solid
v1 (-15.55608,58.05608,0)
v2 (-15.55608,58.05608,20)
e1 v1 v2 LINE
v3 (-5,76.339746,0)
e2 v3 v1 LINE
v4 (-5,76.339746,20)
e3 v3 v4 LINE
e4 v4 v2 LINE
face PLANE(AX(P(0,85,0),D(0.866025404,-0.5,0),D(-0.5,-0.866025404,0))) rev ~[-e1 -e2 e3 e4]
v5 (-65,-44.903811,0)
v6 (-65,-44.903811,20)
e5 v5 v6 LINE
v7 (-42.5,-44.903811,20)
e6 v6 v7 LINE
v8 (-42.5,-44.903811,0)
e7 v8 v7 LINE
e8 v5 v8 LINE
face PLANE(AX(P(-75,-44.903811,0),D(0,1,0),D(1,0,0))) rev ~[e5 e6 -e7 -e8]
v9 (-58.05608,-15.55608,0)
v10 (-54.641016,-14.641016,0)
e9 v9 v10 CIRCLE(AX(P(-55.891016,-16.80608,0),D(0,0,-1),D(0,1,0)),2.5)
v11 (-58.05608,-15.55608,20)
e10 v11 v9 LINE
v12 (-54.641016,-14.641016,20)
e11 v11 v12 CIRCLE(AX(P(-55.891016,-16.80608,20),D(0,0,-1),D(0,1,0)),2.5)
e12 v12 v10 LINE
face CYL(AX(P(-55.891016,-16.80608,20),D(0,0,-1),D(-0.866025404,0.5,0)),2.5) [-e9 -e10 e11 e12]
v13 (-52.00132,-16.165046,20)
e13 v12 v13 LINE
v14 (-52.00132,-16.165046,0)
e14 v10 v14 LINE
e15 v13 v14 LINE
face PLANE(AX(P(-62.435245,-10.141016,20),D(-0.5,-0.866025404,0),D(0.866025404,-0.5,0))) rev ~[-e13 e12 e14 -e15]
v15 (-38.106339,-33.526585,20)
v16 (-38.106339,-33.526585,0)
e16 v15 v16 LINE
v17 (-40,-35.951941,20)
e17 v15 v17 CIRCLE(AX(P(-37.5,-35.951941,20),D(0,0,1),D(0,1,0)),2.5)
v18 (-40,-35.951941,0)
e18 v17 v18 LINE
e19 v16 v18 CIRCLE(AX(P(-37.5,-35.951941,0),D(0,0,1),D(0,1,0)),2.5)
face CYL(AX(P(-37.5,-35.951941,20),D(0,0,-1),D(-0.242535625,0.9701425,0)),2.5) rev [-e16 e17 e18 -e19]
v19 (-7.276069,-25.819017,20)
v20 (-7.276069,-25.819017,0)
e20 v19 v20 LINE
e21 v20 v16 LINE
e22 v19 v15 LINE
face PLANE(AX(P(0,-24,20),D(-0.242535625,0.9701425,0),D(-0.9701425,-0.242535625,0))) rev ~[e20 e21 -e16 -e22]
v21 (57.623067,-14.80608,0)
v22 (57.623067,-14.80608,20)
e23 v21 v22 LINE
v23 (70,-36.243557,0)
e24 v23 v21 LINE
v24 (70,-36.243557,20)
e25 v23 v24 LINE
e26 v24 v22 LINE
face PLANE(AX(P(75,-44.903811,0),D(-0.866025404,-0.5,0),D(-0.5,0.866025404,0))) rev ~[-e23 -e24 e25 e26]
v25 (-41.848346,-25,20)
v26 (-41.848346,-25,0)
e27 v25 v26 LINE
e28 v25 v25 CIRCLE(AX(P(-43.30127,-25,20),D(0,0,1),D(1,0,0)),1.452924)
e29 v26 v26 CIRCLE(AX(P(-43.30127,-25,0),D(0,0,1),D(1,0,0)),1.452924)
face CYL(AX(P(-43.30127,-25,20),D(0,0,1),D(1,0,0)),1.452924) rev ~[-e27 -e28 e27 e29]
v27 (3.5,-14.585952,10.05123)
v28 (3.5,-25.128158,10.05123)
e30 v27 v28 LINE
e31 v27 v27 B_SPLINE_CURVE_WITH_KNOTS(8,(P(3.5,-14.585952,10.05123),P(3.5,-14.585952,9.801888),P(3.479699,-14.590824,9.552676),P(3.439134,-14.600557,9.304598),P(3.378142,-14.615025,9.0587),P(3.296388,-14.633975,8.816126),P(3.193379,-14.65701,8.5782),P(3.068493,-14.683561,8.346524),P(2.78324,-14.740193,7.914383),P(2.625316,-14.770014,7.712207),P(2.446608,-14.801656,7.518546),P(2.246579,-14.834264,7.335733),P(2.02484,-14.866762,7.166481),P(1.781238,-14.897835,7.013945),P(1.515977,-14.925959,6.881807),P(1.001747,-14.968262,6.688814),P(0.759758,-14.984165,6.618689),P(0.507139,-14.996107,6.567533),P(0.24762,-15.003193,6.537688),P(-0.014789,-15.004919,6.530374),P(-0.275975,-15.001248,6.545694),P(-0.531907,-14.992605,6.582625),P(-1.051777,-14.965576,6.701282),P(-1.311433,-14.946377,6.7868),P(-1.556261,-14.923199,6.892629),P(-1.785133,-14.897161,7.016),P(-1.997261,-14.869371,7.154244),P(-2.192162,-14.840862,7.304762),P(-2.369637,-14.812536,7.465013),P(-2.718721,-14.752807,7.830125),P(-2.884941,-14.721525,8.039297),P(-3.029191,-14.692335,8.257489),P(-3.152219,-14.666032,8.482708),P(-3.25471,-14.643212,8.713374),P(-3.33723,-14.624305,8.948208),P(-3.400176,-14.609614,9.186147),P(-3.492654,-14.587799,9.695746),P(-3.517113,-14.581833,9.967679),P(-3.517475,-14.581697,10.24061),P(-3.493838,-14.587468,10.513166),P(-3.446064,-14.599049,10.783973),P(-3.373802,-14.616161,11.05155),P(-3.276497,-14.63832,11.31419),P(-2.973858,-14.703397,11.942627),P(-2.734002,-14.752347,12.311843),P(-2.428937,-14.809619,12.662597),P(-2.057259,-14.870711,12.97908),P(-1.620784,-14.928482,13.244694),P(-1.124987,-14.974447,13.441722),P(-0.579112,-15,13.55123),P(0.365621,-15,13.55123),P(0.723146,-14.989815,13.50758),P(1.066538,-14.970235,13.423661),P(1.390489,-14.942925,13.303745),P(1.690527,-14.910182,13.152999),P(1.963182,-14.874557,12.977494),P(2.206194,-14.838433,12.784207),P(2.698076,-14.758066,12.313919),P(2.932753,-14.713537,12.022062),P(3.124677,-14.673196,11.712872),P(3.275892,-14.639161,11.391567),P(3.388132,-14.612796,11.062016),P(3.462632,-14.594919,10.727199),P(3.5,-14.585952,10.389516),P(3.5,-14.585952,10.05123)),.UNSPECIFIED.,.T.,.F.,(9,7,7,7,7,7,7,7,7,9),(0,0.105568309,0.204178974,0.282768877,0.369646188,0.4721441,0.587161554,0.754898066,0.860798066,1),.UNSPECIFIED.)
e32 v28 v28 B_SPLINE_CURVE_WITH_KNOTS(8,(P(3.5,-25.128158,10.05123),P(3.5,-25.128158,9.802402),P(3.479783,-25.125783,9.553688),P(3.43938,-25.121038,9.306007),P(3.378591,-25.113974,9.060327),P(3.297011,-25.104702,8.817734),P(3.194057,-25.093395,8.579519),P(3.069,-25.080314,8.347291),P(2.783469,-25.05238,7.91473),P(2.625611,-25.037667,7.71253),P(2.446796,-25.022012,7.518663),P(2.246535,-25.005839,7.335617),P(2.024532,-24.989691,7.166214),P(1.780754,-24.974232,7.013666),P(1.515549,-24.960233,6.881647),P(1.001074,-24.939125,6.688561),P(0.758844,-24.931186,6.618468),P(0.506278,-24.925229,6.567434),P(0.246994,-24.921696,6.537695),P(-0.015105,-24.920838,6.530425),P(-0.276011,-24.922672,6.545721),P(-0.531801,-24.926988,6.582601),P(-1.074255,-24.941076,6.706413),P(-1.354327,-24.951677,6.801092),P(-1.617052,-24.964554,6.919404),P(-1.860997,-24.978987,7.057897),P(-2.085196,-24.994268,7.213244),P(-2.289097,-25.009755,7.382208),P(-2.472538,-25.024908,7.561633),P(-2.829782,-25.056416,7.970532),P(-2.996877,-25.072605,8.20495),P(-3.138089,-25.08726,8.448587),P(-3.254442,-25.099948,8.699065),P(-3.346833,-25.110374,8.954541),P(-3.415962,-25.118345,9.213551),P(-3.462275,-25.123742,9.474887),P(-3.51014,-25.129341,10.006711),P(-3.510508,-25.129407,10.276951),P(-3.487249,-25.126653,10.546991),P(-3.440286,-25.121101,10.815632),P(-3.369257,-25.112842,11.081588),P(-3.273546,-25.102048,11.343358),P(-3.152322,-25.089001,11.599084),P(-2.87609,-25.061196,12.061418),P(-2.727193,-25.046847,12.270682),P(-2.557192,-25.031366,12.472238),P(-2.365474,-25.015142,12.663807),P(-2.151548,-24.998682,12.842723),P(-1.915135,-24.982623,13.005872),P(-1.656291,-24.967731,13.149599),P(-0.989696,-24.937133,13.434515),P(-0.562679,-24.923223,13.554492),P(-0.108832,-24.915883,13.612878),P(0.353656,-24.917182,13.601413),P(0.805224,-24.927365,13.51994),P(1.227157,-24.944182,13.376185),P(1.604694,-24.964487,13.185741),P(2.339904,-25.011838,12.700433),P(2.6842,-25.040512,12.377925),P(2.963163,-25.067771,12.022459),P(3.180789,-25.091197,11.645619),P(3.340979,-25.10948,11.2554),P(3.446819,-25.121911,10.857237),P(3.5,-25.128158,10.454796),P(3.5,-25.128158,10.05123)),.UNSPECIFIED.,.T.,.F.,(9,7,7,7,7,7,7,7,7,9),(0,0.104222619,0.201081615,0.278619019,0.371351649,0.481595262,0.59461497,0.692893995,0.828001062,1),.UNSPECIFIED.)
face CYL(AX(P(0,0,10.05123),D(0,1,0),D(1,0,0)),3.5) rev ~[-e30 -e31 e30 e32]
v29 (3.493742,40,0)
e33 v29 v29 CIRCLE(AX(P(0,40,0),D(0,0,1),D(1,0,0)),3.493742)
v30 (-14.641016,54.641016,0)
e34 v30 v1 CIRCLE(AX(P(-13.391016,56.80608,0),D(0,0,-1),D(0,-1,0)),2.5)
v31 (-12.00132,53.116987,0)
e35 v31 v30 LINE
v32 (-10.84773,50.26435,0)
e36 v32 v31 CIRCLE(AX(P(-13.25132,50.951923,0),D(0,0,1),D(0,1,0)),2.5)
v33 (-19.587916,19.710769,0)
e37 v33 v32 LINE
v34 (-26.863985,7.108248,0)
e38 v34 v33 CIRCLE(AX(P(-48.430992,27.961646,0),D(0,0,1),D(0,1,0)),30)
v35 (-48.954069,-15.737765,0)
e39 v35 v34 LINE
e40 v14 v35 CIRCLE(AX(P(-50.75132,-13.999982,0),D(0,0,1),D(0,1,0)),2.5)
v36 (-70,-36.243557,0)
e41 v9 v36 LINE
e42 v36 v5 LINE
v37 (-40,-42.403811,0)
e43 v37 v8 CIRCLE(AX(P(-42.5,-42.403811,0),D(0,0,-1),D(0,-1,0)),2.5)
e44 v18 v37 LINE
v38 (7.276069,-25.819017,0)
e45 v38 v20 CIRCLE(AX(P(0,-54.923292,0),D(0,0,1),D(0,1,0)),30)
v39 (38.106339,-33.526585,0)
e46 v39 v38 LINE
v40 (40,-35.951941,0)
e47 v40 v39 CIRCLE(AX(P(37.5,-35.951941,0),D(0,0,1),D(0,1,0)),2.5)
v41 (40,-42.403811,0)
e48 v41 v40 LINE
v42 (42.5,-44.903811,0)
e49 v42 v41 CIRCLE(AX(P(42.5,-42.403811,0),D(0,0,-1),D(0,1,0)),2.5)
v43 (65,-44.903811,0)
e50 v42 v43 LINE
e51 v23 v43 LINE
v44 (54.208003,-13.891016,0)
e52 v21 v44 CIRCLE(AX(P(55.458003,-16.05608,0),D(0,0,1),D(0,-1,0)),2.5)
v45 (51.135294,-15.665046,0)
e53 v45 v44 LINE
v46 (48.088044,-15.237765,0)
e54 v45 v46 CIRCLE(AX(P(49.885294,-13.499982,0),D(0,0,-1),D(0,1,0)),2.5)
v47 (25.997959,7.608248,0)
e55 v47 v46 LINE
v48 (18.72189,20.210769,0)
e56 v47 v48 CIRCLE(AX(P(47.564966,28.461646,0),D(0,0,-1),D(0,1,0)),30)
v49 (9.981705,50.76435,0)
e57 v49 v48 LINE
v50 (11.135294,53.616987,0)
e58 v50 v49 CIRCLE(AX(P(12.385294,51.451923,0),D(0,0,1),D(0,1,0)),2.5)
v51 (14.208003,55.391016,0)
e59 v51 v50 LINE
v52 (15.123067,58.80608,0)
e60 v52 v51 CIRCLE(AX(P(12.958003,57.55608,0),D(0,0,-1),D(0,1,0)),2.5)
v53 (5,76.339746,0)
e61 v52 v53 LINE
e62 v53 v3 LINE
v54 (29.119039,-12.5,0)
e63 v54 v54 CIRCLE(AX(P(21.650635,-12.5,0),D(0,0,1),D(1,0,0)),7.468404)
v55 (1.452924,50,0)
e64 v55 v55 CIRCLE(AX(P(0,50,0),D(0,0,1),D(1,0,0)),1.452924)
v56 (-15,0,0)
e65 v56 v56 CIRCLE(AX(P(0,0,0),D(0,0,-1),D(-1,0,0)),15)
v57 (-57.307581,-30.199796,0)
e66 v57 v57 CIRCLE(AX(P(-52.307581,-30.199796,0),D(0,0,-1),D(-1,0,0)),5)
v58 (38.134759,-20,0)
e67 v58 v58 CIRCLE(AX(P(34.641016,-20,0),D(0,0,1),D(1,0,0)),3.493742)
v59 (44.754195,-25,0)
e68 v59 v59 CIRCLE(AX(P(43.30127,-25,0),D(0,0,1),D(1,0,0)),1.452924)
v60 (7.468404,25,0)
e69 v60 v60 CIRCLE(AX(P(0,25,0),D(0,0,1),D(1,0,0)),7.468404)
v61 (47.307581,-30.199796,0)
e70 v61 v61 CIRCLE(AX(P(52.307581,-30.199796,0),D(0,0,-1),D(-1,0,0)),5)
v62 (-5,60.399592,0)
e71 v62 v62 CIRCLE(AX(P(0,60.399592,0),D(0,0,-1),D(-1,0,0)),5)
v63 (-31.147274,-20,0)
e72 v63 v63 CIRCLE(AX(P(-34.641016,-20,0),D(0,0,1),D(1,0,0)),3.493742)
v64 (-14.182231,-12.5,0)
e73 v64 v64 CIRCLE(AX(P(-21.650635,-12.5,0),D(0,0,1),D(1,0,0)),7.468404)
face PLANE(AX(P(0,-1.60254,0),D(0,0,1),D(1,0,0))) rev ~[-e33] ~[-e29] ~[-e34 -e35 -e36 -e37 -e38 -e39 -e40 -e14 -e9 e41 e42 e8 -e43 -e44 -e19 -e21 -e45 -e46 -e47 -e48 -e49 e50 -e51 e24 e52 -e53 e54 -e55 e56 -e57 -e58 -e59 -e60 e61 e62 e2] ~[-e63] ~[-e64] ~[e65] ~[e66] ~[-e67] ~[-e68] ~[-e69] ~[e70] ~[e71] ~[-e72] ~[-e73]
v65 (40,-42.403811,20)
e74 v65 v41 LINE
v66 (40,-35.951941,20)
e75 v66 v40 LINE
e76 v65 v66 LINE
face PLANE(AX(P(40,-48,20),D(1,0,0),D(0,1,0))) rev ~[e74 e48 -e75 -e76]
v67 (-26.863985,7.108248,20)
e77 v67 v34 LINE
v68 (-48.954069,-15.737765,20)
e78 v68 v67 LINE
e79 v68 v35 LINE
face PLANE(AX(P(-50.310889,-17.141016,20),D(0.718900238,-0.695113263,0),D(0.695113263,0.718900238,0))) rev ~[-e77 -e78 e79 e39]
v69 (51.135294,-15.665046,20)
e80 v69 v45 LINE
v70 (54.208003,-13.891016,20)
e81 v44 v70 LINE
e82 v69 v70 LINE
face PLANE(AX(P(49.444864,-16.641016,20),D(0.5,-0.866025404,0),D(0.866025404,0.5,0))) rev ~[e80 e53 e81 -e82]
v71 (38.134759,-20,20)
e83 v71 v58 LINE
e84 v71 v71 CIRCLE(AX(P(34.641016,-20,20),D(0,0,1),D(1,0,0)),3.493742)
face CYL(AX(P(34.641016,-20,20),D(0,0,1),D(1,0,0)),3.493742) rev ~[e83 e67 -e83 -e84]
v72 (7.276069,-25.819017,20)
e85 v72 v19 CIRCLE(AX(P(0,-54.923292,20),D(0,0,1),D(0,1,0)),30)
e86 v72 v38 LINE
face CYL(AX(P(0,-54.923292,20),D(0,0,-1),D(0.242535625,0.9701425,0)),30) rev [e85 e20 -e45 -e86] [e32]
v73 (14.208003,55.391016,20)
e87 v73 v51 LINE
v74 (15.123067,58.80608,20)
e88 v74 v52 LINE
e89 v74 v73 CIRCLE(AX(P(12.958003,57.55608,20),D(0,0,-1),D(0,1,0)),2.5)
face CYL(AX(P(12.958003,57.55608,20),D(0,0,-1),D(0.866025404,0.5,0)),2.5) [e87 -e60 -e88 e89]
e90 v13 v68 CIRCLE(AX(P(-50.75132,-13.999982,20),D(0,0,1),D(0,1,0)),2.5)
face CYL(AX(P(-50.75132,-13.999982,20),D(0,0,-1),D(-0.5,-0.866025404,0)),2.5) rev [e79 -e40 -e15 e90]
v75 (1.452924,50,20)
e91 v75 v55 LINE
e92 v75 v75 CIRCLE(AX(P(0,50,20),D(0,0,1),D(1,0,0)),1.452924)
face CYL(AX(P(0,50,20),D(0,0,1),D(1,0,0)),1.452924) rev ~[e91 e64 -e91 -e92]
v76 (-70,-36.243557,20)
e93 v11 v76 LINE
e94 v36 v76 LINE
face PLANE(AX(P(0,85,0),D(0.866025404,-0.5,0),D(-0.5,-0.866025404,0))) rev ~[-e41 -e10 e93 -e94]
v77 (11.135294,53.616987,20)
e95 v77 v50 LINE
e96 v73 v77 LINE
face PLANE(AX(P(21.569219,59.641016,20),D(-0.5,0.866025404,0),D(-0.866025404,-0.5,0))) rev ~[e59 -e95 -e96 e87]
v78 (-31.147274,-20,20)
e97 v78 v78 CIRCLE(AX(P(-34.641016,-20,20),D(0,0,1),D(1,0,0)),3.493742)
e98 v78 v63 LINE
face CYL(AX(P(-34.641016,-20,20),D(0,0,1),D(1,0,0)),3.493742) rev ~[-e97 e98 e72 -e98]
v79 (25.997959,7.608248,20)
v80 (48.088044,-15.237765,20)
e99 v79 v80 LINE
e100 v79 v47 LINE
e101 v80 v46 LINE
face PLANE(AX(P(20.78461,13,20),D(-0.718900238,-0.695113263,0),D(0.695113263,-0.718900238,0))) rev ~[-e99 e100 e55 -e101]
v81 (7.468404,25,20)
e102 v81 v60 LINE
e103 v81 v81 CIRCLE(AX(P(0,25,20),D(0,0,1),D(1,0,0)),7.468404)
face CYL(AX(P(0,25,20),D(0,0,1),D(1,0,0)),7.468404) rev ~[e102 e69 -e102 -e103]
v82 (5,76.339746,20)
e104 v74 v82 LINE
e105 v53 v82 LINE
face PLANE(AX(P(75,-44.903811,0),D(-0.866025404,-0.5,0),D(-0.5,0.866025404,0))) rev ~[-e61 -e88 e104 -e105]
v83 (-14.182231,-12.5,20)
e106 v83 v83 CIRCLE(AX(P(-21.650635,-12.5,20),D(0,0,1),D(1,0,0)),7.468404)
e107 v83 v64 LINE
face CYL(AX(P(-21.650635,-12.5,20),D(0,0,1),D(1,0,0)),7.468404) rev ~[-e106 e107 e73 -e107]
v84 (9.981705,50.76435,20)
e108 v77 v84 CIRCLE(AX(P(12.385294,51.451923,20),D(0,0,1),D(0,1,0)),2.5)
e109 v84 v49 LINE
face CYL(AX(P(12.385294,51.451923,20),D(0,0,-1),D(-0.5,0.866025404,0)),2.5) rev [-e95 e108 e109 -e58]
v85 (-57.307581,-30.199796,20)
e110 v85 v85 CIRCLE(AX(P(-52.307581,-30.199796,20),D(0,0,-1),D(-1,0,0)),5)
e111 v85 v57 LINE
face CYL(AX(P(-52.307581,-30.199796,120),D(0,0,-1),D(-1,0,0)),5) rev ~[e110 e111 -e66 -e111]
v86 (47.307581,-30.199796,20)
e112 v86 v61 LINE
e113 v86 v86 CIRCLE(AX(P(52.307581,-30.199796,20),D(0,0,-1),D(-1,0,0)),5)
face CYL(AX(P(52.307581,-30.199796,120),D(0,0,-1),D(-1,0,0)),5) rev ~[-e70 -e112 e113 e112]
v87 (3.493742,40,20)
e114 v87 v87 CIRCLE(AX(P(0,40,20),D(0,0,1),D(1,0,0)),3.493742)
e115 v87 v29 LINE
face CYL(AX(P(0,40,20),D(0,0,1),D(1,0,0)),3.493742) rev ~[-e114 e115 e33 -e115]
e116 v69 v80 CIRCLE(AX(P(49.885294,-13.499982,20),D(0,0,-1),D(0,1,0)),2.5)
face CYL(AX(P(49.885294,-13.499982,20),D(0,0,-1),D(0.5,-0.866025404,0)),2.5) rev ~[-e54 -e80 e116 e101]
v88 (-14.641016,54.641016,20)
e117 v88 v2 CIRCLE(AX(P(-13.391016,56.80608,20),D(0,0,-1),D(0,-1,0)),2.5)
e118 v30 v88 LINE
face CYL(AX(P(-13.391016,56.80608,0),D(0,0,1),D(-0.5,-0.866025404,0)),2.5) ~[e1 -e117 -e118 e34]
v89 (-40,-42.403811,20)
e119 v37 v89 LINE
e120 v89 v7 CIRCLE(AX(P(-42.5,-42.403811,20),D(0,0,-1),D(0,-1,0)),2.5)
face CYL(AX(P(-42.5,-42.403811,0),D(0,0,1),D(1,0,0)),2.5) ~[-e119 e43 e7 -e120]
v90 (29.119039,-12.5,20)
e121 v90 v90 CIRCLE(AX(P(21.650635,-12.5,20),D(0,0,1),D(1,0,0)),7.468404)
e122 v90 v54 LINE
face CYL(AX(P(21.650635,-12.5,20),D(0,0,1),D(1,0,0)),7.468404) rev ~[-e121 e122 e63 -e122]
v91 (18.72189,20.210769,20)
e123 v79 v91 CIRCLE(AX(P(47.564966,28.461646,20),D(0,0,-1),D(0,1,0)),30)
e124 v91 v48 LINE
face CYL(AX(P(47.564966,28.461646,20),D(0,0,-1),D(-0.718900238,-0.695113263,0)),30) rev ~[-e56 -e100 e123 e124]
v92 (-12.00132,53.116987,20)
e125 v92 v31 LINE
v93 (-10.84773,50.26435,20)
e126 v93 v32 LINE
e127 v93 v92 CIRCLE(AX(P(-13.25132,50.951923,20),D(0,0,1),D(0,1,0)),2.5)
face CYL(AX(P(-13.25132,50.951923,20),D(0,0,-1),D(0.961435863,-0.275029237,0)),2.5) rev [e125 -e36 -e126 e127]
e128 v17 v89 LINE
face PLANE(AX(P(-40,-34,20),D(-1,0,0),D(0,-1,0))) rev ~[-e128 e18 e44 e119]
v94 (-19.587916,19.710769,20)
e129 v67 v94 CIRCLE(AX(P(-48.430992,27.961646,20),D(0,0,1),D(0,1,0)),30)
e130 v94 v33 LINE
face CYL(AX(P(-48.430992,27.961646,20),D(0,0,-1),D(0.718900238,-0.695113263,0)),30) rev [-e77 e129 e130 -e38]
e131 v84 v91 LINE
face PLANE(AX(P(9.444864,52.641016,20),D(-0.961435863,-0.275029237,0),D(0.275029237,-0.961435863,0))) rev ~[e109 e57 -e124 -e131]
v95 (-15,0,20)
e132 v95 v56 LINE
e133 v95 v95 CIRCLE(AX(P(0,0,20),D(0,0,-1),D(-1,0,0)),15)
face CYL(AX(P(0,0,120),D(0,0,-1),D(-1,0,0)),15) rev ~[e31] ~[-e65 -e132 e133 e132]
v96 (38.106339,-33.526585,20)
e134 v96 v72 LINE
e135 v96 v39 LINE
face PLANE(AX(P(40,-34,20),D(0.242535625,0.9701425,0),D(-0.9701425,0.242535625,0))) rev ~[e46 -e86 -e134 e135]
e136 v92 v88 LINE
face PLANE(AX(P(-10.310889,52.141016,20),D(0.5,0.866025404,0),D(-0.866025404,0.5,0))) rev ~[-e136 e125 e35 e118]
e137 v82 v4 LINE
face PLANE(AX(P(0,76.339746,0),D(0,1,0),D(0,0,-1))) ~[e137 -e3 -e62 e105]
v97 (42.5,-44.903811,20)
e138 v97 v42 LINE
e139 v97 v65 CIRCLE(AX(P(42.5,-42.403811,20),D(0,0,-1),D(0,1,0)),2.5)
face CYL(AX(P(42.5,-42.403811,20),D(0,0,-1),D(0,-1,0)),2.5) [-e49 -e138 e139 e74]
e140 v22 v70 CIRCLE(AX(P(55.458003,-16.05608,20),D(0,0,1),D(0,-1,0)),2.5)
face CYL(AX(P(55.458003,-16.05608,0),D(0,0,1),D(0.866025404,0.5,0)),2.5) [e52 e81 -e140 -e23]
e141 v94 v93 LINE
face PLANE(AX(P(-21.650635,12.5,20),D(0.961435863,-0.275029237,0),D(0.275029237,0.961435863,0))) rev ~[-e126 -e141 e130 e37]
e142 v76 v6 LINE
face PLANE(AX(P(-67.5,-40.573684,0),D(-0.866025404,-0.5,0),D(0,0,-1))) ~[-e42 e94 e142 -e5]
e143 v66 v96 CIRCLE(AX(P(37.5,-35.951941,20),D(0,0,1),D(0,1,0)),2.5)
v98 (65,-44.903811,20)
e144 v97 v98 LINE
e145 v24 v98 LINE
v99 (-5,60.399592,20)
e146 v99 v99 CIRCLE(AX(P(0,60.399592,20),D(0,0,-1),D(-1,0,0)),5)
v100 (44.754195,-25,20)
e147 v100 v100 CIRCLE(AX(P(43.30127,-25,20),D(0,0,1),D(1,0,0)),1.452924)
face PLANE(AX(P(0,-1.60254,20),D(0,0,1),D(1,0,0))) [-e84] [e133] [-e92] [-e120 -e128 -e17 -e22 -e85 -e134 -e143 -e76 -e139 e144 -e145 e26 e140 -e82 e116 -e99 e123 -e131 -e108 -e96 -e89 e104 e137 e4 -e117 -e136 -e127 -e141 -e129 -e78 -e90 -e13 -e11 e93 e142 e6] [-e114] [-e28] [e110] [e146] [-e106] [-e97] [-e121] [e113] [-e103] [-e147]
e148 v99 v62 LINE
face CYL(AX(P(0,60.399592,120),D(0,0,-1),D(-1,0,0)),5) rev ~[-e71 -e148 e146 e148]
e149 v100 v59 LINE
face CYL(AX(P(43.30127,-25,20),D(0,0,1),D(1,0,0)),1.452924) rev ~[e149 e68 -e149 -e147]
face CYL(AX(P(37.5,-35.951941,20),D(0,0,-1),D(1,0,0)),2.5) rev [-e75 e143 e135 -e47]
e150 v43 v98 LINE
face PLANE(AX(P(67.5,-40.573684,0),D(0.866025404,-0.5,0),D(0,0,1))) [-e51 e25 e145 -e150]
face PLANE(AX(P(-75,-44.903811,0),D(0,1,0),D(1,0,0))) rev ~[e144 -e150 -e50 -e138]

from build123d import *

# Parameters (mm, degrees)
F1_DEPTH  = 20
F2_SIZE   = 10
F4_D      = 10
F4_DEPTH  = 100
F4_TIP    = 3.0043030951
F7_D      = 30
F7_DEPTH  = 100
F7_TIP    = 9.0129092854
F9_DEPTH  = 25
F10_R     = 2.5
F11_R     = 30
F12_R     = 1.4529244662
F12_R_2   = 3.4937424226
F12_R_3   = 7.4684037046
F13_DEPTH = 25
F15_D     = 7
F15_DEPTH = 100
F15_TIP   = 2.1030121666


with BuildPart() as f1:
    # F0 (on Top) → F1 (new body)
    with BuildSketch(Plane.XY):
        Polygon((75, -44.9038105677), (0, 85), (-75, -44.9038105677), align=None)
    extrude(amount=F1_DEPTH)

    # F2
    f2_edges = [f1.edges().sort_by_distance(p)[0] for p in [
        (-75, -44.903811, 10),
        (75, -44.903811, 10),
        (0, 85, 10),
    ]]
    chamfer(f2_edges, length=F2_SIZE)

    # F4
    with Locations(Plane.XY.offset(20)):
        with Locations((0, 60.3995919228), (52.3075809833, -30.1997959614), (-52.3075809833, -30.1997959614)):
            Hole(F4_D / 2, depth=F4_DEPTH)
            with Locations((0, 0, -(F4_DEPTH + F4_TIP / 2))):  # 118° drill point
                Cone(0, F4_D / 2, F4_TIP, mode=Mode.SUBTRACT)

    # F7
    with Locations(Plane.XY.offset(20)):
        with Locations((0, 0)):
            Hole(F7_D / 2, depth=F7_DEPTH)
            with Locations((0, 0, -(F7_DEPTH + F7_TIP / 2))):  # 118° drill point
                Cone(0, F7_D / 2, F7_TIP, mode=Mode.SUBTRACT)

    # F8 (on face) → F9 (cut)
    with BuildSketch(Plane.XY.offset(20)):
        Polygon((40, -34), (0, -24), (0, -48), (40, -48), align=None)
        Polygon((0, -48), (0, -24), (-40, -34), (-40, -48), align=None)
        Polygon((49.4448637287, -16.6410161514), (61.5692193817, -9.6410161514), (41.5692193817, 25), (20.7846096908, 13), align=None)
        Polygon((20.7846096908, 13), (41.5692193817, 25), (21.5692193817, 59.6410161514), (9.4448637287, 52.6410161514), align=None)
        Polygon((-10.3108891325, 52.1410161514), (-22.4352447854, 59.1410161514), (-42.4352447854, 24.5), (-21.6506350946, 12.5), align=None)
        Polygon((-21.6506350946, 12.5), (-42.4352447854, 24.5), (-62.4352447854, -10.1410161514), (-50.3108891325, -17.1410161514), align=None)
    extrude(amount=-F9_DEPTH, mode=Mode.SUBTRACT)

    # F10
    f10_edges = [f1.edges().sort_by_distance(p)[0] for p in [
        (-40, -34, 10),
        (-50.310889, -17.141016, 10),
        (-10.310889, 52.141016, 10),
        (9.444864, 52.641016, 10),
        (49.444864, -16.641016, 10),
        (40, -34, 10),
        (40, -44.903811, 10),
        (56.373067, -12.641016, 10),
        (16.373067, 56.641016, 10),
        (-16.80608, 55.891016, 10),
        (-56.80608, -13.391016, 10),
        (-40, -44.903811, 10),
    ]]
    fillet(f10_edges, radius=F10_R)

    # F11
    f11_edges = [f1.edges().sort_by_distance(p)[0] for p in [
        (0, -24, 10),
        (20.78461, 13, 10),
        (-21.650635, 12.5, 10),
    ]]
    fillet(f11_edges, radius=F11_R)

    # F12 (on face) → F13 (cut)
    with BuildSketch(Plane.XY.offset(20)):
        with Locations((0, 50)):
            Circle(F12_R)
        with Locations((0, 40)):
            Circle(F12_R_2)
        with Locations((0, 25)):
            Circle(F12_R_3)
        with Locations((-34.6410161514, -20)):
            Circle(F12_R_2)
        with Locations((-21.6506350946, -12.5)):
            Circle(F12_R_3)
        with Locations((-43.3012701892, -25)):
            Circle(F12_R)
        with Locations((34.6410161514, -20)):
            Circle(F12_R_2)
        with Locations((21.6506350946, -12.5)):
            Circle(F12_R_3)
        with Locations((43.3012701892, -25)):
            Circle(F12_R)
    extrude(amount=-F13_DEPTH, mode=Mode.SUBTRACT)

    # F15 (one way)
    with BuildSketch(Plane(origin=(0, 0, 0), x_dir=(1, 0, 0), z_dir=(0, 1, 0))):
        with Locations((0, -10.0512299687)):
            Circle(F15_D / 2)
    extrude(amount=-F15_DEPTH, mode=Mode.SUBTRACT)
    with Locations(Plane(origin=(0, 0, 0), x_dir=(1, 0, 0), z_dir=(0, 1, 0))):
        with Locations((0, -10.0512299687)):
            with Locations((0, 0, -(F15_DEPTH + F15_TIP / 2))):  # 118° drill point
                Cone(0, F15_D / 2, F15_TIP, mode=Mode.SUBTRACT)


solid = f1.part
